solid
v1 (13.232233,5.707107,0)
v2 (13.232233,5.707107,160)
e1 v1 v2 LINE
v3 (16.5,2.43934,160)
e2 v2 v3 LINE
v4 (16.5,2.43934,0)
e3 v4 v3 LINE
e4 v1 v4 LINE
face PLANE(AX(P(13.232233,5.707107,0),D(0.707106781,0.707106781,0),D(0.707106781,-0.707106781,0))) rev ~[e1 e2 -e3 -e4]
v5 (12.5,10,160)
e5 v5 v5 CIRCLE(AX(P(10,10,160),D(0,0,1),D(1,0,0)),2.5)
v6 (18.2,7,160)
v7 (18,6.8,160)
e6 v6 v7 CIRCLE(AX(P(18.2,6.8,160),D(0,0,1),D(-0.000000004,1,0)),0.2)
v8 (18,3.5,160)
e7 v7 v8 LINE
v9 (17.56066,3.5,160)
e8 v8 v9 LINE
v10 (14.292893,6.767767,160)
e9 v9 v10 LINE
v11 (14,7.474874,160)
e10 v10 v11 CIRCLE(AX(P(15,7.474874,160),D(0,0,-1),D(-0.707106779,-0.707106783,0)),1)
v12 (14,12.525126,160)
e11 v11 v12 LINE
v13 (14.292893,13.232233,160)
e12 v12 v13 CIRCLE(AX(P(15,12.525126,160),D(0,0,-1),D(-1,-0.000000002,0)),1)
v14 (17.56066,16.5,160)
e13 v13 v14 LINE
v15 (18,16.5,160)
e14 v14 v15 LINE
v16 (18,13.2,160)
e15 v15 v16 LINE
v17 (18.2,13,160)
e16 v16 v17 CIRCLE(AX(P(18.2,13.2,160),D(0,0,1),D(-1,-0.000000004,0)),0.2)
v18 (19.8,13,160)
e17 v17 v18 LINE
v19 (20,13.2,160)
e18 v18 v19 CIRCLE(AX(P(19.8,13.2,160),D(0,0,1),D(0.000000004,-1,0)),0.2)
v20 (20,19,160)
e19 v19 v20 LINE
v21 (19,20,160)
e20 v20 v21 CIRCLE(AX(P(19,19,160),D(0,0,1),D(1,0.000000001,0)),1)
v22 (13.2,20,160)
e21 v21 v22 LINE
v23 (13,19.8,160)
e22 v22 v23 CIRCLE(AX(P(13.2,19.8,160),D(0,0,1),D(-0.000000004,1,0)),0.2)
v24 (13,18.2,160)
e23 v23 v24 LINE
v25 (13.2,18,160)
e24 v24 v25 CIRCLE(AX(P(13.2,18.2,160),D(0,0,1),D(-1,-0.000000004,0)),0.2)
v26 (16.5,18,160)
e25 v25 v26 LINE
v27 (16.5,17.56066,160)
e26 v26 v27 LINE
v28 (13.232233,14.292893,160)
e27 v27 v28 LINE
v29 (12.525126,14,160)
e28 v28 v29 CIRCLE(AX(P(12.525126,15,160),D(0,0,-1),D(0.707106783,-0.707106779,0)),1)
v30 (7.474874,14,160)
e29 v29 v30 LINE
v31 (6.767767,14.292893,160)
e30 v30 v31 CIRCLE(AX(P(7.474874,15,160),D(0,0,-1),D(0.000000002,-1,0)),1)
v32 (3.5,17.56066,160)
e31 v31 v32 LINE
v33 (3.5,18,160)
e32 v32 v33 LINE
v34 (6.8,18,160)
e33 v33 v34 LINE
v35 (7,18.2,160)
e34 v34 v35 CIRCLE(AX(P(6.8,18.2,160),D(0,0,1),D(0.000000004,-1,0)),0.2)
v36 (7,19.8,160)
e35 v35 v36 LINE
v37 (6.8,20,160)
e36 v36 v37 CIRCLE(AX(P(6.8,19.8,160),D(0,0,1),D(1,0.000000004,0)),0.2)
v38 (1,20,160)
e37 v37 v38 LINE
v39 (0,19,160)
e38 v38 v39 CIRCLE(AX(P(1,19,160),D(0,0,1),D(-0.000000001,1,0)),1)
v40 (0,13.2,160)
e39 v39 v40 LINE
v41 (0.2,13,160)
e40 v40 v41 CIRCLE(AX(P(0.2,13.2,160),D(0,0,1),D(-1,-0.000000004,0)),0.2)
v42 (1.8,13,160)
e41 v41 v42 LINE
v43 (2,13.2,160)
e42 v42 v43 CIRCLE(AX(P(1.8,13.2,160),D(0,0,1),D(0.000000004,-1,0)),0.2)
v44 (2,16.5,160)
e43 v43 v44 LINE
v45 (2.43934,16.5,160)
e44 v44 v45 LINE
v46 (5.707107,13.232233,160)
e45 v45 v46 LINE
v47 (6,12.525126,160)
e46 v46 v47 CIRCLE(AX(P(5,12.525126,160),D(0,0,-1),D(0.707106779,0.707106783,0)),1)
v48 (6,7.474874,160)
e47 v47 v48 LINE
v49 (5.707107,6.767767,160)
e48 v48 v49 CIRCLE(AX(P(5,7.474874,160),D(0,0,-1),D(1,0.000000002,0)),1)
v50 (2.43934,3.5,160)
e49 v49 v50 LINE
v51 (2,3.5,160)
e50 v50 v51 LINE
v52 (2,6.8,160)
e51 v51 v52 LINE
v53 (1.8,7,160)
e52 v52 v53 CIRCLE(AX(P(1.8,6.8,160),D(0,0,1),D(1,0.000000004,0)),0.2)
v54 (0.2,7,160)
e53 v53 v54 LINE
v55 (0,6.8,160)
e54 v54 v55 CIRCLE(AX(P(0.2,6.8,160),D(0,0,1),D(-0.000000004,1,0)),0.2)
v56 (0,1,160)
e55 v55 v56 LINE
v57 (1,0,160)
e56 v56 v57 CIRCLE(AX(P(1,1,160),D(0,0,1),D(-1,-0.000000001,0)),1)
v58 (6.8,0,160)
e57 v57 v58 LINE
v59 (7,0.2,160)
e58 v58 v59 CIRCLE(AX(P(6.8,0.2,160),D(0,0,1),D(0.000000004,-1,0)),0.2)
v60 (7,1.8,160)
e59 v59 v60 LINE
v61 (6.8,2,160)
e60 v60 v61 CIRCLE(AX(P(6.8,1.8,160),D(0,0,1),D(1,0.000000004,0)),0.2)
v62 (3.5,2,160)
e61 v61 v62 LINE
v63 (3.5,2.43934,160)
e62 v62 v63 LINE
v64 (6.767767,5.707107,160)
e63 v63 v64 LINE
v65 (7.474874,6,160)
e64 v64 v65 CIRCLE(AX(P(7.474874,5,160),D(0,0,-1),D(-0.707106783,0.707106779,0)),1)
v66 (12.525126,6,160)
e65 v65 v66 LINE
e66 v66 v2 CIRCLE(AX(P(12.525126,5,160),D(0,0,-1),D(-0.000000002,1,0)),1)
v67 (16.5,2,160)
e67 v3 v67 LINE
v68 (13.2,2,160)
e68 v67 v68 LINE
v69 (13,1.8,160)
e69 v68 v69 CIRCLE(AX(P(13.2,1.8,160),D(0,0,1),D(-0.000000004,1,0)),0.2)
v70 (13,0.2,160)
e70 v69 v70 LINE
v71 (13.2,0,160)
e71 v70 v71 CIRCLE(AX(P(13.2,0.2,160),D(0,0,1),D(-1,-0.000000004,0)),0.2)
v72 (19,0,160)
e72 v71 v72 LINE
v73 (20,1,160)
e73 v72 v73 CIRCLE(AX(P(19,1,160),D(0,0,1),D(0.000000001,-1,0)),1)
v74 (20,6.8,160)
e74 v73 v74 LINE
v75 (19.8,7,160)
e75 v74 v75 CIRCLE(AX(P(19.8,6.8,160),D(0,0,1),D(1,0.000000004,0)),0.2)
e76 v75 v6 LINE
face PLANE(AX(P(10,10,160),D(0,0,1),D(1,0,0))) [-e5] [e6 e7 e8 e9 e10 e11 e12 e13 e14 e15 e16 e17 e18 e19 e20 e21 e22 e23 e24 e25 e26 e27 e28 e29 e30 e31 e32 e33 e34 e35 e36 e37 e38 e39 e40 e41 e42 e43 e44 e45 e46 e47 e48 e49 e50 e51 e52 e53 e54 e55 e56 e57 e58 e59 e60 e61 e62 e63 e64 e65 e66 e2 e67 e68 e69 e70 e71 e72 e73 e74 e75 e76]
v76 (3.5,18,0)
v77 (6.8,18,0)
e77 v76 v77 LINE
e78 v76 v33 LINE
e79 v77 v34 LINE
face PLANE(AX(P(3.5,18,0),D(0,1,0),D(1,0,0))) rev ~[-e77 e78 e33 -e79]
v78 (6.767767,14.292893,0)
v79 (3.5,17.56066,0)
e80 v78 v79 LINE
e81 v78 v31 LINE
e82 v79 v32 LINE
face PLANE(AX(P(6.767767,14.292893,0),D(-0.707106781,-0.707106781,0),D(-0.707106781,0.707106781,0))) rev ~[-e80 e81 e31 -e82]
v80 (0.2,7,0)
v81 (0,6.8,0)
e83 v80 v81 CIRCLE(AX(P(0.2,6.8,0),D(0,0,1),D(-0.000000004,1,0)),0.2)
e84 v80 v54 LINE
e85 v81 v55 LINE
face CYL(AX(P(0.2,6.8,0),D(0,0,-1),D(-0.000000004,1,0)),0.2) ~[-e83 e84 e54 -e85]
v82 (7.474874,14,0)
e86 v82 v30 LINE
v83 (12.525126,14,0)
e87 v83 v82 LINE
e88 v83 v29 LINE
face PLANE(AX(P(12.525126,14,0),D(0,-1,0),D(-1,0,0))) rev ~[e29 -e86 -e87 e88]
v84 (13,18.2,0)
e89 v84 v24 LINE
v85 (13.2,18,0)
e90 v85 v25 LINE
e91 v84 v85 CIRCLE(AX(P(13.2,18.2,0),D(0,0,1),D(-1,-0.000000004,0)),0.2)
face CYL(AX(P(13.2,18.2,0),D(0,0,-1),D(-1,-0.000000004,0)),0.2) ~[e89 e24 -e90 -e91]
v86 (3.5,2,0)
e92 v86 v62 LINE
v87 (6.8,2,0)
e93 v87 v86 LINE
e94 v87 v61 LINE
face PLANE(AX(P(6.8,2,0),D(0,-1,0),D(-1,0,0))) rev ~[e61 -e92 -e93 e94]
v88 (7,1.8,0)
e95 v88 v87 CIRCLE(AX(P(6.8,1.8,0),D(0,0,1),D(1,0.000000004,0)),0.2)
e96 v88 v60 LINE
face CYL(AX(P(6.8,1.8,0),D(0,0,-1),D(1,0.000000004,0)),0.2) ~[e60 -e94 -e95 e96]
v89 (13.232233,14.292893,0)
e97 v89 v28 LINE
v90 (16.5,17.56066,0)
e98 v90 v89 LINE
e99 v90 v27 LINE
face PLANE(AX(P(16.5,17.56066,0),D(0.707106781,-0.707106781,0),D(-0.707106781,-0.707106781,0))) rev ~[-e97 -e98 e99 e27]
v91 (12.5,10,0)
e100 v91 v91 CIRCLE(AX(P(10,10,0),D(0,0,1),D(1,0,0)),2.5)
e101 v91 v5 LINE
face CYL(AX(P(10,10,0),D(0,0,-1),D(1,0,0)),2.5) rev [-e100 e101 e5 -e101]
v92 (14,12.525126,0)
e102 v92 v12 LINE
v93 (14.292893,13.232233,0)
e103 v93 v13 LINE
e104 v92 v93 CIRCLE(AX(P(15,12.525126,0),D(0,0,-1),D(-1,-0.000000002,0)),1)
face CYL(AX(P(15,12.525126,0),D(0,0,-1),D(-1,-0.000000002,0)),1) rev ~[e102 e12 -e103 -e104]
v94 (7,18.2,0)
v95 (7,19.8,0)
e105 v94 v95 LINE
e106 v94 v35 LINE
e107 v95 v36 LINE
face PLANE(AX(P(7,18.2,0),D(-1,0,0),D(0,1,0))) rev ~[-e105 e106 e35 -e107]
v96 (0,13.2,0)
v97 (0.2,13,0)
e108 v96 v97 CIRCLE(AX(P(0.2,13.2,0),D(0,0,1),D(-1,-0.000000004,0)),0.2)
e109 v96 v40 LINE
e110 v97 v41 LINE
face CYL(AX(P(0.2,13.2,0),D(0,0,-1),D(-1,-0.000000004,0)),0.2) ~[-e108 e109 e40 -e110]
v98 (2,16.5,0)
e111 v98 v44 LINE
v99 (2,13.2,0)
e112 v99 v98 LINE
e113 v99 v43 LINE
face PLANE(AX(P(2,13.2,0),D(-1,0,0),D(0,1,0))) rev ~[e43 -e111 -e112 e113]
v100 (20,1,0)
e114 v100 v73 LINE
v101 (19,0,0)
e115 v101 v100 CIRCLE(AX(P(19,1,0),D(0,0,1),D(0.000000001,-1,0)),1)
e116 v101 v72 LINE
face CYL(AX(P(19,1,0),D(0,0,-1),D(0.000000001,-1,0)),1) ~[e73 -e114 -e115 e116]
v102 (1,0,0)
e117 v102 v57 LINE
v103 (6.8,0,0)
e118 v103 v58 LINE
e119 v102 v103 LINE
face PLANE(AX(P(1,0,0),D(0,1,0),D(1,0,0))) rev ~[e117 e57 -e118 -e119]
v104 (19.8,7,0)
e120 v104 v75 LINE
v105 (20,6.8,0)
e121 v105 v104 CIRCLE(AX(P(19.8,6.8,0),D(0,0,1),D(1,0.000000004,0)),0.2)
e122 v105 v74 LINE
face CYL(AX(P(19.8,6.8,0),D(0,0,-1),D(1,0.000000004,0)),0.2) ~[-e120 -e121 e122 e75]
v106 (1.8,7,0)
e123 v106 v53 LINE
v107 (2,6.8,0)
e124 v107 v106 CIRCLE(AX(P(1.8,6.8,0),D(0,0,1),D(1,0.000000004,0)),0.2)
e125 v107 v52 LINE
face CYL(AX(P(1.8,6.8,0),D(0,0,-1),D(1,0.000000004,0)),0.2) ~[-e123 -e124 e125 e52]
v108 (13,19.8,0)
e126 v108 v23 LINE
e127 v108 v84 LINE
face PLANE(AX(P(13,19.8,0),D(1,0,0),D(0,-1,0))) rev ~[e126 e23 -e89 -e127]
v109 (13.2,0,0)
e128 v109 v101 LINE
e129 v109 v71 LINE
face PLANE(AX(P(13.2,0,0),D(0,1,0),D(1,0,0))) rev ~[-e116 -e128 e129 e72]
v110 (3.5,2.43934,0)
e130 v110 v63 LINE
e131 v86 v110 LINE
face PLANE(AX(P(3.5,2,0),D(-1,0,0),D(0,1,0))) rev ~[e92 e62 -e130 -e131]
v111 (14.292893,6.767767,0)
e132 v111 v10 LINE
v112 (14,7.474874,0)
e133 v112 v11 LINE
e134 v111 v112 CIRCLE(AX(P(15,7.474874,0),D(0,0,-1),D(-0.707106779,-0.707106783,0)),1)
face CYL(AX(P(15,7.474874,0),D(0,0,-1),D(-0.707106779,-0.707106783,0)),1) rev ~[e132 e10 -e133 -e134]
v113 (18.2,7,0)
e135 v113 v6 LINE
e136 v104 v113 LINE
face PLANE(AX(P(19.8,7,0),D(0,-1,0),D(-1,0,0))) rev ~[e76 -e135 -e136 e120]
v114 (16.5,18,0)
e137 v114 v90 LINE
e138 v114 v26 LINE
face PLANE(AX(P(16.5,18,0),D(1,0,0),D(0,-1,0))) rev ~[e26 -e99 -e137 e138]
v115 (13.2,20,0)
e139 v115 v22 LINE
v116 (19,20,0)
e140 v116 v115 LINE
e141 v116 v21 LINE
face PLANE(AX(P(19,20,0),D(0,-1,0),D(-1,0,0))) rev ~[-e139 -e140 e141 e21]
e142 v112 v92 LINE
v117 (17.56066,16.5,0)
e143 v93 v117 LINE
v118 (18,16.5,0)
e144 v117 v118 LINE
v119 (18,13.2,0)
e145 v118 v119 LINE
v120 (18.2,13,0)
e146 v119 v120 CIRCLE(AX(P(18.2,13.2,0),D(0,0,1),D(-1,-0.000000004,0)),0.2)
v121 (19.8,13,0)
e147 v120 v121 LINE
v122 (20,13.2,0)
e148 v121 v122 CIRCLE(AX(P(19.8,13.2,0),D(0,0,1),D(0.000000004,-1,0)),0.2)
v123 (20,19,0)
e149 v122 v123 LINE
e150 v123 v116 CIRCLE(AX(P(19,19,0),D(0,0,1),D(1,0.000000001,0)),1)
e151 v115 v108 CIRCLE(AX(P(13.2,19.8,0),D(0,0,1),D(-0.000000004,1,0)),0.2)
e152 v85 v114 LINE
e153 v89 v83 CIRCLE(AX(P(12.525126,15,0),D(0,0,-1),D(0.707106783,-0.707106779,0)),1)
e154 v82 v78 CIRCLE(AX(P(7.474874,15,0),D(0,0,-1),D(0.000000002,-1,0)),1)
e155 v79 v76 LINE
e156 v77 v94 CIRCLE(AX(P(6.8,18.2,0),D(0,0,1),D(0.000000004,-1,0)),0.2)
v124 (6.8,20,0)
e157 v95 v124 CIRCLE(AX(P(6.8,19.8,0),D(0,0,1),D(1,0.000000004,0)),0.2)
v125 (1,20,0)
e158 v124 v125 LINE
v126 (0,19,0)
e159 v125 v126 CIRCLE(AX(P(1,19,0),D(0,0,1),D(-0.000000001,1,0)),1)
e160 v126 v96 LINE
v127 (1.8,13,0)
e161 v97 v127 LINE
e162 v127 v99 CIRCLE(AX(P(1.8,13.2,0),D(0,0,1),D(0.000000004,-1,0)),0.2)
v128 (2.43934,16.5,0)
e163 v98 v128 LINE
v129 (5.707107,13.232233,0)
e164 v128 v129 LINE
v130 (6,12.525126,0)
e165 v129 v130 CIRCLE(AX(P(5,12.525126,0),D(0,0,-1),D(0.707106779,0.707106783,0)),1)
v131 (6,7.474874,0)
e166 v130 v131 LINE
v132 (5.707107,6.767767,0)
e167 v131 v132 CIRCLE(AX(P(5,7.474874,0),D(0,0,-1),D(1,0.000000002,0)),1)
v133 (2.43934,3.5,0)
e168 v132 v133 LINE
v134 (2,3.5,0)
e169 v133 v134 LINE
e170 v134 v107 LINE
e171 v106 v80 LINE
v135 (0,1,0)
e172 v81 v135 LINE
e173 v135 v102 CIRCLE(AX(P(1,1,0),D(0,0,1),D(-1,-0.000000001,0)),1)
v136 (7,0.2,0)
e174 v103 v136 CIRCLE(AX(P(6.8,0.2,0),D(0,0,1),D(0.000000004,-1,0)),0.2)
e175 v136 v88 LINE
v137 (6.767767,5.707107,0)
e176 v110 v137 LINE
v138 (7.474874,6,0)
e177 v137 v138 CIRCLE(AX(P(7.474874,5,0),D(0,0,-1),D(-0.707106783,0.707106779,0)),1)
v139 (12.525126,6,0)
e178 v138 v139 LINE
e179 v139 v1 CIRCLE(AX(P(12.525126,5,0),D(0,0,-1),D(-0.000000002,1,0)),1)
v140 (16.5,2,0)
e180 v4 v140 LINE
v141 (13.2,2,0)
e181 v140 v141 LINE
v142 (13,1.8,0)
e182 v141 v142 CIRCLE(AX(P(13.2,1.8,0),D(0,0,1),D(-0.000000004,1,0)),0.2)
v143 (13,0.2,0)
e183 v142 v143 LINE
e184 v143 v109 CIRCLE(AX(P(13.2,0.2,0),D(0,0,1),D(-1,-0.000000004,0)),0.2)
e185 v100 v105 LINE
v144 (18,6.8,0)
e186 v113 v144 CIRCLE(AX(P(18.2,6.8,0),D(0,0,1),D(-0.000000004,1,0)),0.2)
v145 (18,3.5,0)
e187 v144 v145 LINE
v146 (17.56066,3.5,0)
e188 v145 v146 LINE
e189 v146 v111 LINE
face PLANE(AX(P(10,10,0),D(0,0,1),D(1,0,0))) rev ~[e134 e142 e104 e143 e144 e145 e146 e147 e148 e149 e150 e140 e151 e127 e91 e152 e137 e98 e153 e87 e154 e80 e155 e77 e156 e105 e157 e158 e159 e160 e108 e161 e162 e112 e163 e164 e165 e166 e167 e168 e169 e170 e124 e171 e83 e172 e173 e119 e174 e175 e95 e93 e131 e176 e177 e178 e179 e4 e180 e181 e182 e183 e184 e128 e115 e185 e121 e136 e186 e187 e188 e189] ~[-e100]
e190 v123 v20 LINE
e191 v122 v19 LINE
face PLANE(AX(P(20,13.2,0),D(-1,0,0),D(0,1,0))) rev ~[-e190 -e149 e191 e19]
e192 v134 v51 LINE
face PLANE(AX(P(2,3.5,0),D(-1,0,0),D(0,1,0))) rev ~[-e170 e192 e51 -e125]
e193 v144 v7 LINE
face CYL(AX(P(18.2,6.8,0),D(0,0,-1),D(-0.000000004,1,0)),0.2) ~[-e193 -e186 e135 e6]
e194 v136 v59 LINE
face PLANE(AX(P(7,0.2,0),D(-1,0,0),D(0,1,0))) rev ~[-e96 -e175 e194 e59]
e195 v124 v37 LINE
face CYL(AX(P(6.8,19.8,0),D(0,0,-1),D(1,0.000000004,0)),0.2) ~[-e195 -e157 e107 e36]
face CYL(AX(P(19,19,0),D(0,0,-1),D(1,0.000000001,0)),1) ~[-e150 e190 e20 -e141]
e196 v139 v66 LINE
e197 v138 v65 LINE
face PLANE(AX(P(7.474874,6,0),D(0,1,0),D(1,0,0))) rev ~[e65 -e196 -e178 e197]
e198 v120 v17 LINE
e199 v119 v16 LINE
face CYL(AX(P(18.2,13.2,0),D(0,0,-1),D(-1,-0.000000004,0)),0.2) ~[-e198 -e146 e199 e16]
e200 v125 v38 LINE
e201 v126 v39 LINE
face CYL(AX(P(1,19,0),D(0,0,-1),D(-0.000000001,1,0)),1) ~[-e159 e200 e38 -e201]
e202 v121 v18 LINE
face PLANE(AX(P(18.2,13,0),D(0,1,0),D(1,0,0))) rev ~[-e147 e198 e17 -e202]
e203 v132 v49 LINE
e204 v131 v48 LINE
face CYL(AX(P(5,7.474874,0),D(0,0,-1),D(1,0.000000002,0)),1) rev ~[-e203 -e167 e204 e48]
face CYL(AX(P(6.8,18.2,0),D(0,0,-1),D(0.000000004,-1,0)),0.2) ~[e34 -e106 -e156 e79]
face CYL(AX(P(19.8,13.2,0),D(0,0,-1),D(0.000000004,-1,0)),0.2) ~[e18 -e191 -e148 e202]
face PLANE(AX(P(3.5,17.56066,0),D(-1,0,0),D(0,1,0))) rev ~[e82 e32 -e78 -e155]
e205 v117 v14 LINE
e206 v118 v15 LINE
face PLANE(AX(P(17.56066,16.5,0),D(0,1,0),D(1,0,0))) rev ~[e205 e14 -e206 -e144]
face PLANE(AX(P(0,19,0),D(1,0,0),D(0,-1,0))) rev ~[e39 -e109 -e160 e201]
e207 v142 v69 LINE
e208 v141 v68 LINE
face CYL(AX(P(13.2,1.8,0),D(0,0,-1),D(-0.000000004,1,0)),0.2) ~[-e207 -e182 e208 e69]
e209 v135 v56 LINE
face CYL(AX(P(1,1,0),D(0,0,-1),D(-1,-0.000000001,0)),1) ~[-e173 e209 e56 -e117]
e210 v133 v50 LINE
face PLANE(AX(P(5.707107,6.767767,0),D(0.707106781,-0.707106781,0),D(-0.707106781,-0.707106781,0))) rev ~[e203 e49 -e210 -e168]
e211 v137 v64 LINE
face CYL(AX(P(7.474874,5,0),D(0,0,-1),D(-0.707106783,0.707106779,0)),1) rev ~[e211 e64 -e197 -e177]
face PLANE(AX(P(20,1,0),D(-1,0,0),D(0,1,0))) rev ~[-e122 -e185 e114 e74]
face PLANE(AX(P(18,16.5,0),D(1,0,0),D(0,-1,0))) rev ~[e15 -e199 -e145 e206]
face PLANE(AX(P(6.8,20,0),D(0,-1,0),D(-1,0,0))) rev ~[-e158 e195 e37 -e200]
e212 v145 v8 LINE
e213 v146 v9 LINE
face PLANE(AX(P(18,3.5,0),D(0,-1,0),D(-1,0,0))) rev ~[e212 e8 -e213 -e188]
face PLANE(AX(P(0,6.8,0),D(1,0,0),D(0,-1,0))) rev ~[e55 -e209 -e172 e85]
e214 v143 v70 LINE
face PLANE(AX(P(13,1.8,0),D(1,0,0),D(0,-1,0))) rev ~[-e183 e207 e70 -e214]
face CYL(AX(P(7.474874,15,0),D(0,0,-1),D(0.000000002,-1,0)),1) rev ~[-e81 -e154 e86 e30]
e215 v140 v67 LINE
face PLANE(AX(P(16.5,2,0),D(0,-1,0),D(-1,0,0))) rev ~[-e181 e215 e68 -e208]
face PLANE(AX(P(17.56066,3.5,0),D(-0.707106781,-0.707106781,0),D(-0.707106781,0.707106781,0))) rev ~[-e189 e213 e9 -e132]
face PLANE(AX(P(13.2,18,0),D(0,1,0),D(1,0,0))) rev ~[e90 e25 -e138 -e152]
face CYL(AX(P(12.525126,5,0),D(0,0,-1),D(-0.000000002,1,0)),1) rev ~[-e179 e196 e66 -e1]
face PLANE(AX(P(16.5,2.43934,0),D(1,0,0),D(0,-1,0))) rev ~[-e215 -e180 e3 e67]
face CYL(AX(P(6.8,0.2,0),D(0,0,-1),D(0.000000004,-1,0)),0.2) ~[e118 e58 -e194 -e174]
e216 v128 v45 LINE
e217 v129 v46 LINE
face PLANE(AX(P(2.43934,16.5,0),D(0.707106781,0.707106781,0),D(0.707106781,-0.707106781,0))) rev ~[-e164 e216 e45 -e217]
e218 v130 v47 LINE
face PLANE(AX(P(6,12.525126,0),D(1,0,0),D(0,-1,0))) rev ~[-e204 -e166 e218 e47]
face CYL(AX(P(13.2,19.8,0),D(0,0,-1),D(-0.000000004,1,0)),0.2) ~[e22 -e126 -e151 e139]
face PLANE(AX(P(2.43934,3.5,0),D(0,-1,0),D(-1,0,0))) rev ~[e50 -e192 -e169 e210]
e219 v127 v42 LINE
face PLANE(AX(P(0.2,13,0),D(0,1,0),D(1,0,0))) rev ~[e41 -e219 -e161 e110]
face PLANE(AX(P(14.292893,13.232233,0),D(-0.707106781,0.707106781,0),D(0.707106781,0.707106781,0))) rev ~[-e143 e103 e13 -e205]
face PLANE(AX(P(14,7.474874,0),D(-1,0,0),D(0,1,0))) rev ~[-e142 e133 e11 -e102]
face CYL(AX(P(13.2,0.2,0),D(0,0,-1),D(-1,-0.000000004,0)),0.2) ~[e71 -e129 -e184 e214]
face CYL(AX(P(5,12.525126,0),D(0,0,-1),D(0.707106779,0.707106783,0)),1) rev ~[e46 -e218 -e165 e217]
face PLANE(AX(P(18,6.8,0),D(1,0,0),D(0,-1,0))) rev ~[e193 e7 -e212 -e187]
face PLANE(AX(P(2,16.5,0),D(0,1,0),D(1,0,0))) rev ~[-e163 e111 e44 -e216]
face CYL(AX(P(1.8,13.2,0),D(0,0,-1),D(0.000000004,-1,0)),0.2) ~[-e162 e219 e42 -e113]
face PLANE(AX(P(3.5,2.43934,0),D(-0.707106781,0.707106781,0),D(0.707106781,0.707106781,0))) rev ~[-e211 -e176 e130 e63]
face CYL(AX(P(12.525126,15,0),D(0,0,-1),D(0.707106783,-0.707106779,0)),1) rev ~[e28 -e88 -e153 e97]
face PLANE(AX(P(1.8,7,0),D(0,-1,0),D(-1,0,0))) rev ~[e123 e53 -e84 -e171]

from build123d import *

# Parameters (mm, degrees)
SKETCH1_R           = 2.5
BOSS_EXTRUDE1_DEPTH = 160


with BuildPart() as part:
    # Sketch1 → Boss-Extrude1 (new body)
    with BuildSketch(Plane.XY):
        with BuildLine():
            Line((0.2, 13), (1.8, 13))
            ThreePointArc((1.8, 13), (1.941421356, 13.058578644), (2, 13.2))
            Line((2, 13.2), (2, 16.5))
            Line((2, 16.5), (2.439339828, 16.5))
            Line((2.439339828, 16.5), (5.707106781, 13.232233047))
            ThreePointArc((5.707106781, 13.232233047), (5.923879533, 12.907809698), (6, 12.525126266))
            Line((6, 12.525126266), (6, 7.474873734))
            ThreePointArc((6, 7.474873734), (5.923879533, 7.092190302), (5.707106781, 6.767766953))
            Line((5.707106781, 6.767766953), (2.439339828, 3.5))
            Line((2.439339828, 3.5), (2, 3.5))
            Line((2, 3.5), (2, 6.8))
            ThreePointArc((2, 6.8), (1.941421356, 6.941421356), (1.8, 7))
            Line((1.8, 7), (0.2, 7))
            ThreePointArc((0.2, 7), (0.058578644, 6.941421356), (0, 6.8))
            Line((0, 6.8), (0, 1))
            ThreePointArc((0, 1), (0.292893219, 0.292893219), (1, 0))
            Line((1, 0), (6.8, 0))
            ThreePointArc((6.8, 0), (6.941421356, 0.058578644), (7, 0.2))
            Line((7, 0.2), (7, 1.8))
            ThreePointArc((7, 1.8), (6.941421356, 1.941421356), (6.8, 2))
            Line((6.8, 2), (3.5, 2))
            Line((3.5, 2), (3.5, 2.439339828))
            Line((3.5, 2.439339828), (6.767766953, 5.707106781))
            ThreePointArc((6.767766953, 5.707106781), (7.092190302, 5.923879533), (7.474873734, 6))
            Line((7.474873734, 6), (10, 6))
            Line((10, 6), (12.525126266, 6))
            ThreePointArc((12.525126266, 6), (12.907809698, 5.923879533), (13.232233047, 5.707106781))
            Line((13.232233047, 5.707106781), (16.5, 2.439339828))
            Line((16.5, 2.439339828), (16.5, 2))
            Line((16.5, 2), (13.2, 2))
            ThreePointArc((13.2, 2), (13.058578644, 1.941421356), (13, 1.8))
            Line((13, 1.8), (13, 0.2))
            ThreePointArc((13, 0.2), (13.058578644, 0.058578644), (13.2, 0))
            Line((13.2, 0), (19, 0))
            ThreePointArc((19, 0), (19.707106781, 0.292893219), (20, 1))
            Line((20, 1), (20, 6.8))
            ThreePointArc((20, 6.8), (19.941421356, 6.941421356), (19.8, 7))
            Line((19.8, 7), (18.2, 7))
            ThreePointArc((18.2, 7), (18.058578644, 6.941421356), (18, 6.8))
            Line((18, 6.8), (18, 3.5))
            Line((18, 3.5), (17.560660172, 3.5))
            Line((17.560660172, 3.5), (14.292893219, 6.767766953))
            ThreePointArc((14.292893219, 6.767766953), (14.076120467, 7.092190302), (14, 7.474873734))
            Line((14, 7.474873734), (14, 12.525126266))
            ThreePointArc((14, 12.525126266), (14.076120467, 12.907809698), (14.292893219, 13.232233047))
            Line((14.292893219, 13.232233047), (17.560660172, 16.5))
            Line((17.560660172, 16.5), (18, 16.5))
            Line((18, 16.5), (18, 13.2))
            ThreePointArc((18, 13.2), (18.058578644, 13.058578644), (18.2, 13))
            Line((18.2, 13), (19.8, 13))
            ThreePointArc((19.8, 13), (19.941421356, 13.058578644), (20, 13.2))
            Line((20, 13.2), (20, 19))
            ThreePointArc((20, 19), (19.707106781, 19.707106781), (19, 20))
            Line((19, 20), (13.2, 20))
            ThreePointArc((13.2, 20), (13.058578644, 19.941421356), (13, 19.8))
            Line((13, 19.8), (13, 18.2))
            ThreePointArc((13, 18.2), (13.058578644, 18.058578644), (13.2, 18))
            Line((13.2, 18), (16.5, 18))
            Line((16.5, 18), (16.5, 17.560660172))
            Line((16.5, 17.560660172), (13.232233047, 14.292893219))
            ThreePointArc((13.232233047, 14.292893219), (12.907809698, 14.076120467), (12.525126266, 14))
            Line((12.525126266, 14), (10, 14))
            Line((10, 14), (7.474873734, 14))
            ThreePointArc((7.474873734, 14), (7.092190302, 14.076120467), (6.767766953, 14.292893219))
            Line((6.767766953, 14.292893219), (3.5, 17.560660172))
            Line((3.5, 17.560660172), (3.5, 18))
            Line((3.5, 18), (6.8, 18))
            ThreePointArc((6.8, 18), (6.941421356, 18.058578644), (7, 18.2))
            Line((7, 18.2), (7, 19.8))
            ThreePointArc((7, 19.8), (6.941421356, 19.941421356), (6.8, 20))
            Line((6.8, 20), (1, 20))
            ThreePointArc((1, 20), (0.292893219, 19.707106781), (0, 19))
            Line((0, 19), (0, 13.2))
            ThreePointArc((0, 13.2), (0.058578644, 13.058578644), (0.2, 13))
        make_face()
        with Locations((10, 10)):
            Circle(SKETCH1_R, mode=Mode.SUBTRACT)
    extrude(amount=BOSS_EXTRUDE1_DEPTH)


solid = part.part
